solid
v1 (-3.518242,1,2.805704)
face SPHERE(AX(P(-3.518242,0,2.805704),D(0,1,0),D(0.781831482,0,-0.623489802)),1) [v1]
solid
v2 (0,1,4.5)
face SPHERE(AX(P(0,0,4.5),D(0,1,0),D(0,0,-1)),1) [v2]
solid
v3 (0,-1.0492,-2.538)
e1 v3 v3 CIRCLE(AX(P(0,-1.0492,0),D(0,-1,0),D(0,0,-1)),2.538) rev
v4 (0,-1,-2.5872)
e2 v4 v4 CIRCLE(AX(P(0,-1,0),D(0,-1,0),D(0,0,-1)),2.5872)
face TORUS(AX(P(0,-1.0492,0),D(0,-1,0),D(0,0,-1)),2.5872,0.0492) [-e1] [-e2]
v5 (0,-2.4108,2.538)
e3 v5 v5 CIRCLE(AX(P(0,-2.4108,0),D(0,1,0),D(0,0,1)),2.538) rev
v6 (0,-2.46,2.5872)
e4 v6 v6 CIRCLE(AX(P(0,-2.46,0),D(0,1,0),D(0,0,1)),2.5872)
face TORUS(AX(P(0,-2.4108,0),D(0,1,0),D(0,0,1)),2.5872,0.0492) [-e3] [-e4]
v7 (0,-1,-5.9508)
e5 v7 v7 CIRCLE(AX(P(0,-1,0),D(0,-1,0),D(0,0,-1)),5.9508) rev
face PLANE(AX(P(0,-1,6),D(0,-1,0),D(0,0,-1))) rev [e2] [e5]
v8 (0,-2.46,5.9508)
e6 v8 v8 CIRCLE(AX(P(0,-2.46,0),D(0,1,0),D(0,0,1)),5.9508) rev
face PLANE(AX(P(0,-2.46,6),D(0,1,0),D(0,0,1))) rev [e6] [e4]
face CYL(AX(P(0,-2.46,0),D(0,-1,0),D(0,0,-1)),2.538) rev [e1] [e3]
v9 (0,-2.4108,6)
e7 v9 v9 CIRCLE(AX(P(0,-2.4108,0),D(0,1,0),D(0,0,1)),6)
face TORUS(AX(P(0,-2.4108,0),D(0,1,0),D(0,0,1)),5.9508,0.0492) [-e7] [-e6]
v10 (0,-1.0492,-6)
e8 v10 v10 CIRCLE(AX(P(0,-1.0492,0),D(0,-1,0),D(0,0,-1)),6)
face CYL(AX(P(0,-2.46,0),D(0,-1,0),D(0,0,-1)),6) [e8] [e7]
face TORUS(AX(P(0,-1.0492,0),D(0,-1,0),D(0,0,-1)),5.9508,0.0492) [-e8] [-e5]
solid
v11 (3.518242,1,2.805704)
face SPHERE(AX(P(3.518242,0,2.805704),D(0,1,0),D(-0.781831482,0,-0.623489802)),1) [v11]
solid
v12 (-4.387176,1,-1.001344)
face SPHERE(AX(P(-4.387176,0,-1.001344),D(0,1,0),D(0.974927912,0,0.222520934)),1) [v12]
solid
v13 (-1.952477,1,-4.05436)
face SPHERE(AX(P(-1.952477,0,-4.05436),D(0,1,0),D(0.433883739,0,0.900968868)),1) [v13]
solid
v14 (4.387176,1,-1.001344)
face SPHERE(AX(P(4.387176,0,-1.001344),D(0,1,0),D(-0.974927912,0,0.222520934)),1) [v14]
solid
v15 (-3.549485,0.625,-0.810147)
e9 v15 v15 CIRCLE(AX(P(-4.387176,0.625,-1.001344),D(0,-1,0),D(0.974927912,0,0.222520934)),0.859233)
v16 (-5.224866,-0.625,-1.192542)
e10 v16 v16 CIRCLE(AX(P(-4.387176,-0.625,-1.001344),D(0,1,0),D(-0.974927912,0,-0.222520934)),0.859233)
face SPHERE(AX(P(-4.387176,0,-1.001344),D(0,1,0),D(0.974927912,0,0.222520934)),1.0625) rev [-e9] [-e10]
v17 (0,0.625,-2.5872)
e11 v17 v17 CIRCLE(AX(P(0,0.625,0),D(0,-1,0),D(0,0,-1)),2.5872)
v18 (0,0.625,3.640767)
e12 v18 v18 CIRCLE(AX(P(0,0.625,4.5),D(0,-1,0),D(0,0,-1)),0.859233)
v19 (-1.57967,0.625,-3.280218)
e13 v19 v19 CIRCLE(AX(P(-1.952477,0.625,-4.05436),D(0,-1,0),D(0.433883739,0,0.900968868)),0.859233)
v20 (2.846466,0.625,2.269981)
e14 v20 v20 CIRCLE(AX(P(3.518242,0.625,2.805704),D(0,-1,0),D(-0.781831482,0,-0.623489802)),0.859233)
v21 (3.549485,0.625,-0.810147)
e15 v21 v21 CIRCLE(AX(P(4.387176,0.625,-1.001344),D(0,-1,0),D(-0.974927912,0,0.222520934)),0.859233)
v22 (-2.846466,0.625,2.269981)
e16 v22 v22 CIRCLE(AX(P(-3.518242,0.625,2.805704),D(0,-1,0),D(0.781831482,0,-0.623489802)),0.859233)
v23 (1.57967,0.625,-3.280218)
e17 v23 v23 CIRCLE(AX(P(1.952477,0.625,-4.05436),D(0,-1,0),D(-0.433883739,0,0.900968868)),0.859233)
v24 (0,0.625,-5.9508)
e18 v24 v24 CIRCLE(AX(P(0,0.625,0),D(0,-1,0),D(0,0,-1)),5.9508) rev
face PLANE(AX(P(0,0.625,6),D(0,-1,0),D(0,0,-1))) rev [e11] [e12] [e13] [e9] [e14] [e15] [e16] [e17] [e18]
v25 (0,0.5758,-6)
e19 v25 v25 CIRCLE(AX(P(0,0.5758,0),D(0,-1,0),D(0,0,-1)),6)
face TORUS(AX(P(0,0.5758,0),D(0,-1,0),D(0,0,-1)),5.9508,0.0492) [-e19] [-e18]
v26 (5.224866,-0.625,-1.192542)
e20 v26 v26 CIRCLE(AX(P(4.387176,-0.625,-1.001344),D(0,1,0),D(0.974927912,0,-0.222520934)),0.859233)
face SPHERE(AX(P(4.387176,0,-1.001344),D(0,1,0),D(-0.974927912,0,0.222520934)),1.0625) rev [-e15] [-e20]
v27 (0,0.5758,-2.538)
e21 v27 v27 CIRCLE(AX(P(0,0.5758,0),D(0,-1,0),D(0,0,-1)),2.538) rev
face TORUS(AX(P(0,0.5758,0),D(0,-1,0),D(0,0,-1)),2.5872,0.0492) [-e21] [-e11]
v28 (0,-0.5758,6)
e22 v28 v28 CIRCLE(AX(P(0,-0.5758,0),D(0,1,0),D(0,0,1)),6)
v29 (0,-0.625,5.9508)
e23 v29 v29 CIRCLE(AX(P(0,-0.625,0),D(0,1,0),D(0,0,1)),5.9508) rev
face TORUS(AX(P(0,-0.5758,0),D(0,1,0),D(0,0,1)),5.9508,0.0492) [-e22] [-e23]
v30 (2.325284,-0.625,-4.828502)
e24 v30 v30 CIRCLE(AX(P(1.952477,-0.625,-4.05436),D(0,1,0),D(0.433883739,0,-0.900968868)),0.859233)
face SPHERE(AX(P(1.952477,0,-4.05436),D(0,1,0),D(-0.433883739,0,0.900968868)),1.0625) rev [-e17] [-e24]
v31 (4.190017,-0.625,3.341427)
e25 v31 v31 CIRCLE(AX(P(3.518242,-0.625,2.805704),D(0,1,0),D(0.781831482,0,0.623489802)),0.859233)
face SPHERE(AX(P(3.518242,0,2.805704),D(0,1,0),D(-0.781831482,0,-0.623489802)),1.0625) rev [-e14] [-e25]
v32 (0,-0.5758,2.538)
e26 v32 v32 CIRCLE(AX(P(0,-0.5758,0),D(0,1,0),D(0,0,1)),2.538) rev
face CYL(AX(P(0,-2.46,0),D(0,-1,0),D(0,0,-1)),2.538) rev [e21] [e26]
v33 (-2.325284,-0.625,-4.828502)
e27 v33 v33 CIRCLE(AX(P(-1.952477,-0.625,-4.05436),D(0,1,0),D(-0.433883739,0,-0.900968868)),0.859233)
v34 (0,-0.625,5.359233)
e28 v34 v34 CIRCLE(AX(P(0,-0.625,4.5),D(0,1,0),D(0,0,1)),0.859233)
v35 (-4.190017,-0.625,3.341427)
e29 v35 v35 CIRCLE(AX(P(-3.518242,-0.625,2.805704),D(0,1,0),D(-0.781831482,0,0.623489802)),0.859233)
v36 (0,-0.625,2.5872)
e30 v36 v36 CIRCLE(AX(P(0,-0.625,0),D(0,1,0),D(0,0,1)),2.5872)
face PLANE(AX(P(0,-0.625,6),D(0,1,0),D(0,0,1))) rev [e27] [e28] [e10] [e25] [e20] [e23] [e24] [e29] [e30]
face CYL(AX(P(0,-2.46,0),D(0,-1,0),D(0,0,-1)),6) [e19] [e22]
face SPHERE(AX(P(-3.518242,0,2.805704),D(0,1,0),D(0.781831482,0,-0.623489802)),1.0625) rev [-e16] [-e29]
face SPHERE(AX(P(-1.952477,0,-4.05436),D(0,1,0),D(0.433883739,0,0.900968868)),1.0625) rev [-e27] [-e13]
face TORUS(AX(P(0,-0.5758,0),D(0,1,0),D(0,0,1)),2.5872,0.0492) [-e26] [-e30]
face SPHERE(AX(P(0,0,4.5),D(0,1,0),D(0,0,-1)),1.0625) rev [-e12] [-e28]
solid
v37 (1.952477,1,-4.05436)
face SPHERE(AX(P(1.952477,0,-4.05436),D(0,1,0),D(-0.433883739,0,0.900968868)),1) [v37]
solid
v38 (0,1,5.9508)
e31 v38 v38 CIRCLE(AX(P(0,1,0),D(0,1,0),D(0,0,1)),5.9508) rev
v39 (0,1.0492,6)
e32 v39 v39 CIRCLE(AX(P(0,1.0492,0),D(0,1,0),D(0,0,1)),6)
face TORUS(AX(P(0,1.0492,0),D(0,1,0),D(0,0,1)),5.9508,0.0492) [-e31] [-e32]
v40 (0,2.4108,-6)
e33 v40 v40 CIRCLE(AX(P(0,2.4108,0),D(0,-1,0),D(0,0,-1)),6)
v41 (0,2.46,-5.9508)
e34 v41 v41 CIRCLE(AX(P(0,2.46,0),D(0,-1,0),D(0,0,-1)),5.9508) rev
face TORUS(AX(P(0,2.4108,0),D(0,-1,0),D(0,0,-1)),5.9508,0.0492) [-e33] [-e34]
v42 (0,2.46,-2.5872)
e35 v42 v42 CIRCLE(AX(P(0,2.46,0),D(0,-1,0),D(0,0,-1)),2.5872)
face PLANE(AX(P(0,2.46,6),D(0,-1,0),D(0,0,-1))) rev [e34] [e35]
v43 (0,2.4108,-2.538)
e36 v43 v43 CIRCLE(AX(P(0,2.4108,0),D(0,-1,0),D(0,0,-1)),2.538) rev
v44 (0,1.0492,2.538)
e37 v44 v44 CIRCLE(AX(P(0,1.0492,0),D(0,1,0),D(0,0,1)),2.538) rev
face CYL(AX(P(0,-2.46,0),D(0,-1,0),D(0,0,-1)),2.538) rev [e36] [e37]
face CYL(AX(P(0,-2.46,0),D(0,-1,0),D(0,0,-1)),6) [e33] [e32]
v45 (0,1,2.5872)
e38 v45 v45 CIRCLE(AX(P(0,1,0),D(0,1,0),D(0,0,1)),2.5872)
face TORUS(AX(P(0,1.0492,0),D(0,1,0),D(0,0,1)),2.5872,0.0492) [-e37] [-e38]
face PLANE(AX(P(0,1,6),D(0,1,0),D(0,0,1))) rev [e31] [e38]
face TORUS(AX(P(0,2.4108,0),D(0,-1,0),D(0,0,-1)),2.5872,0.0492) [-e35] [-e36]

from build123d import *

# Parameters (mm, degrees)
SKETCH1_W         = 3.462
SKETCH1_H         = 1.25
CIRPATTERN1_COUNT = 7
CIRPATTERN1_ANGLE = 308.571428571
CIRPATTERN2_COUNT = 7
SKETCH4_W         = 3.462
SKETCH4_H         = 1.46
FILLET1_R         = 0.0492
FILLET2_R         = 0.0492
FILLET3_R         = 0.0492


with BuildPart() as part:
    # Sketch1 → Revolve1 (revolve)
    with BuildSketch(Plane(origin=(0, 0, 0), x_dir=(0, 0, -1), z_dir=(1, 0, 0))):
        with Locations((-4.269, 0)):
            Rectangle(SKETCH1_W, SKETCH1_H)
    revolve(axis=Axis((0, -2.46, 0), (0, 1, 0)))

    # Sketch3 → Cut-Revolve1 (revolve, cut)
    with BuildSketch(Plane(origin=(0, 0, 0), x_dir=(0, 0, -1), z_dir=(1, 0, 0))):
        with BuildLine():
            Line((-4.5, 1.0625), (-4.5, -1.0625))
            ThreePointArc((-4.5, -1.0625), (-5.5625, 0), (-4.5, 1.0625))
        make_face()
    cut_revolve1 = revolve(axis=Axis((0, 1.0625, 4.5), (0, -1, 0)), mode=Mode.SUBTRACT)

    # CirPattern2: Cut-Revolve1 ×7 about axis
    cirpattern2_axis = Axis((0, 0, 0), (0, 1, 0))
    for i in range(1, CIRPATTERN2_COUNT):
        add(cut_revolve1.rotate(cirpattern2_axis, i * 360 / CIRPATTERN2_COUNT), mode=Mode.SUBTRACT)

    # Fillet2
    fillet2_edges = [part.edges().sort_by_distance(p)[0] for p in [
        (0, 0.625, -6),
        (0, 0.625, -2.538),
        (0, -0.625, -2.538),
        (0, -0.625, -6),
    ]]
    fillet(fillet2_edges, radius=FILLET2_R)


with BuildPart() as body_2:
    # Sketch2 → Revolve2 (revolve)
    with BuildSketch(Plane(origin=(0, 0, 0), x_dir=(0, 0, -1), z_dir=(1, 0, 0))):
        with BuildLine():
            Line((-4.5, 1), (-4.5, -1))
            ThreePointArc((-4.5, -1), (-5.5, 0), (-4.5, 1))
        make_face()
    revolve(axis=Axis((0, 1, 4.5), (0, -1, 0)))


with BuildPart() as cirpattern1_1:
    # CirPattern1: pattern copy
    add(body_2.part.rotate(Axis((0, 2.46, 0), (0, -1, 0)), 1 * CIRPATTERN1_ANGLE / (CIRPATTERN1_COUNT - 1)))


with BuildPart() as cirpattern1_2:
    # CirPattern1: pattern copy
    add(body_2.part.rotate(Axis((0, 2.46, 0), (0, -1, 0)), 2 * CIRPATTERN1_ANGLE / (CIRPATTERN1_COUNT - 1)))


with BuildPart() as cirpattern1_3:
    # CirPattern1: pattern copy
    add(body_2.part.rotate(Axis((0, 2.46, 0), (0, -1, 0)), 3 * CIRPATTERN1_ANGLE / (CIRPATTERN1_COUNT - 1)))


with BuildPart() as cirpattern1_4:
    # CirPattern1: pattern copy
    add(body_2.part.rotate(Axis((0, 2.46, 0), (0, -1, 0)), 4 * CIRPATTERN1_ANGLE / (CIRPATTERN1_COUNT - 1)))


with BuildPart() as cirpattern1_5:
    # CirPattern1: pattern copy
    add(body_2.part.rotate(Axis((0, 2.46, 0), (0, -1, 0)), 5 * CIRPATTERN1_ANGLE / (CIRPATTERN1_COUNT - 1)))


with BuildPart() as cirpattern1_6:
    # CirPattern1: pattern copy
    add(body_2.part.rotate(Axis((0, 2.46, 0), (0, -1, 0)), 6 * CIRPATTERN1_ANGLE / (CIRPATTERN1_COUNT - 1)))


with BuildPart() as body_9:
    # Sketch4 → Revolve3 (revolve)
    with BuildSketch(Plane(origin=(0, 0, 0), x_dir=(0, 0, -1), z_dir=(1, 0, 0))):
        with Locations((-4.269, 1.73)):
            Rectangle(SKETCH4_W, SKETCH4_H)
        with Locations((-4.269, -1.73)):
            Rectangle(SKETCH4_W, SKETCH4_H)
    revolve(axis=Axis((0, -2.46, 0), (0, 1, 0)))

    # Fillet1
    fillet1_edges = [body_9.edges().sort_by_distance(p)[0] for p in [
        (0, 1, -6),
        (0, 1, -2.538),
        (0, 2.46, -2.538),
        (0, 2.46, -6),
    ]]
    fillet(fillet1_edges, radius=FILLET1_R)

    # Fillet3
    fillet3_edges = [body_9.edges().sort_by_distance(p)[0] for p in [
        (0, -2.46, -6),
        (0, -2.46, -2.538),
        (0, -1, -2.538),
        (0, -1, -6),
    ]]
    fillet(fillet3_edges, radius=FILLET3_R)


solid = Compound([part.part, body_2.part, cirpattern1_1.part, cirpattern1_2.part, cirpattern1_3.part, cirpattern1_4.part, cirpattern1_5.part, cirpattern1_6.part, body_9.part])
